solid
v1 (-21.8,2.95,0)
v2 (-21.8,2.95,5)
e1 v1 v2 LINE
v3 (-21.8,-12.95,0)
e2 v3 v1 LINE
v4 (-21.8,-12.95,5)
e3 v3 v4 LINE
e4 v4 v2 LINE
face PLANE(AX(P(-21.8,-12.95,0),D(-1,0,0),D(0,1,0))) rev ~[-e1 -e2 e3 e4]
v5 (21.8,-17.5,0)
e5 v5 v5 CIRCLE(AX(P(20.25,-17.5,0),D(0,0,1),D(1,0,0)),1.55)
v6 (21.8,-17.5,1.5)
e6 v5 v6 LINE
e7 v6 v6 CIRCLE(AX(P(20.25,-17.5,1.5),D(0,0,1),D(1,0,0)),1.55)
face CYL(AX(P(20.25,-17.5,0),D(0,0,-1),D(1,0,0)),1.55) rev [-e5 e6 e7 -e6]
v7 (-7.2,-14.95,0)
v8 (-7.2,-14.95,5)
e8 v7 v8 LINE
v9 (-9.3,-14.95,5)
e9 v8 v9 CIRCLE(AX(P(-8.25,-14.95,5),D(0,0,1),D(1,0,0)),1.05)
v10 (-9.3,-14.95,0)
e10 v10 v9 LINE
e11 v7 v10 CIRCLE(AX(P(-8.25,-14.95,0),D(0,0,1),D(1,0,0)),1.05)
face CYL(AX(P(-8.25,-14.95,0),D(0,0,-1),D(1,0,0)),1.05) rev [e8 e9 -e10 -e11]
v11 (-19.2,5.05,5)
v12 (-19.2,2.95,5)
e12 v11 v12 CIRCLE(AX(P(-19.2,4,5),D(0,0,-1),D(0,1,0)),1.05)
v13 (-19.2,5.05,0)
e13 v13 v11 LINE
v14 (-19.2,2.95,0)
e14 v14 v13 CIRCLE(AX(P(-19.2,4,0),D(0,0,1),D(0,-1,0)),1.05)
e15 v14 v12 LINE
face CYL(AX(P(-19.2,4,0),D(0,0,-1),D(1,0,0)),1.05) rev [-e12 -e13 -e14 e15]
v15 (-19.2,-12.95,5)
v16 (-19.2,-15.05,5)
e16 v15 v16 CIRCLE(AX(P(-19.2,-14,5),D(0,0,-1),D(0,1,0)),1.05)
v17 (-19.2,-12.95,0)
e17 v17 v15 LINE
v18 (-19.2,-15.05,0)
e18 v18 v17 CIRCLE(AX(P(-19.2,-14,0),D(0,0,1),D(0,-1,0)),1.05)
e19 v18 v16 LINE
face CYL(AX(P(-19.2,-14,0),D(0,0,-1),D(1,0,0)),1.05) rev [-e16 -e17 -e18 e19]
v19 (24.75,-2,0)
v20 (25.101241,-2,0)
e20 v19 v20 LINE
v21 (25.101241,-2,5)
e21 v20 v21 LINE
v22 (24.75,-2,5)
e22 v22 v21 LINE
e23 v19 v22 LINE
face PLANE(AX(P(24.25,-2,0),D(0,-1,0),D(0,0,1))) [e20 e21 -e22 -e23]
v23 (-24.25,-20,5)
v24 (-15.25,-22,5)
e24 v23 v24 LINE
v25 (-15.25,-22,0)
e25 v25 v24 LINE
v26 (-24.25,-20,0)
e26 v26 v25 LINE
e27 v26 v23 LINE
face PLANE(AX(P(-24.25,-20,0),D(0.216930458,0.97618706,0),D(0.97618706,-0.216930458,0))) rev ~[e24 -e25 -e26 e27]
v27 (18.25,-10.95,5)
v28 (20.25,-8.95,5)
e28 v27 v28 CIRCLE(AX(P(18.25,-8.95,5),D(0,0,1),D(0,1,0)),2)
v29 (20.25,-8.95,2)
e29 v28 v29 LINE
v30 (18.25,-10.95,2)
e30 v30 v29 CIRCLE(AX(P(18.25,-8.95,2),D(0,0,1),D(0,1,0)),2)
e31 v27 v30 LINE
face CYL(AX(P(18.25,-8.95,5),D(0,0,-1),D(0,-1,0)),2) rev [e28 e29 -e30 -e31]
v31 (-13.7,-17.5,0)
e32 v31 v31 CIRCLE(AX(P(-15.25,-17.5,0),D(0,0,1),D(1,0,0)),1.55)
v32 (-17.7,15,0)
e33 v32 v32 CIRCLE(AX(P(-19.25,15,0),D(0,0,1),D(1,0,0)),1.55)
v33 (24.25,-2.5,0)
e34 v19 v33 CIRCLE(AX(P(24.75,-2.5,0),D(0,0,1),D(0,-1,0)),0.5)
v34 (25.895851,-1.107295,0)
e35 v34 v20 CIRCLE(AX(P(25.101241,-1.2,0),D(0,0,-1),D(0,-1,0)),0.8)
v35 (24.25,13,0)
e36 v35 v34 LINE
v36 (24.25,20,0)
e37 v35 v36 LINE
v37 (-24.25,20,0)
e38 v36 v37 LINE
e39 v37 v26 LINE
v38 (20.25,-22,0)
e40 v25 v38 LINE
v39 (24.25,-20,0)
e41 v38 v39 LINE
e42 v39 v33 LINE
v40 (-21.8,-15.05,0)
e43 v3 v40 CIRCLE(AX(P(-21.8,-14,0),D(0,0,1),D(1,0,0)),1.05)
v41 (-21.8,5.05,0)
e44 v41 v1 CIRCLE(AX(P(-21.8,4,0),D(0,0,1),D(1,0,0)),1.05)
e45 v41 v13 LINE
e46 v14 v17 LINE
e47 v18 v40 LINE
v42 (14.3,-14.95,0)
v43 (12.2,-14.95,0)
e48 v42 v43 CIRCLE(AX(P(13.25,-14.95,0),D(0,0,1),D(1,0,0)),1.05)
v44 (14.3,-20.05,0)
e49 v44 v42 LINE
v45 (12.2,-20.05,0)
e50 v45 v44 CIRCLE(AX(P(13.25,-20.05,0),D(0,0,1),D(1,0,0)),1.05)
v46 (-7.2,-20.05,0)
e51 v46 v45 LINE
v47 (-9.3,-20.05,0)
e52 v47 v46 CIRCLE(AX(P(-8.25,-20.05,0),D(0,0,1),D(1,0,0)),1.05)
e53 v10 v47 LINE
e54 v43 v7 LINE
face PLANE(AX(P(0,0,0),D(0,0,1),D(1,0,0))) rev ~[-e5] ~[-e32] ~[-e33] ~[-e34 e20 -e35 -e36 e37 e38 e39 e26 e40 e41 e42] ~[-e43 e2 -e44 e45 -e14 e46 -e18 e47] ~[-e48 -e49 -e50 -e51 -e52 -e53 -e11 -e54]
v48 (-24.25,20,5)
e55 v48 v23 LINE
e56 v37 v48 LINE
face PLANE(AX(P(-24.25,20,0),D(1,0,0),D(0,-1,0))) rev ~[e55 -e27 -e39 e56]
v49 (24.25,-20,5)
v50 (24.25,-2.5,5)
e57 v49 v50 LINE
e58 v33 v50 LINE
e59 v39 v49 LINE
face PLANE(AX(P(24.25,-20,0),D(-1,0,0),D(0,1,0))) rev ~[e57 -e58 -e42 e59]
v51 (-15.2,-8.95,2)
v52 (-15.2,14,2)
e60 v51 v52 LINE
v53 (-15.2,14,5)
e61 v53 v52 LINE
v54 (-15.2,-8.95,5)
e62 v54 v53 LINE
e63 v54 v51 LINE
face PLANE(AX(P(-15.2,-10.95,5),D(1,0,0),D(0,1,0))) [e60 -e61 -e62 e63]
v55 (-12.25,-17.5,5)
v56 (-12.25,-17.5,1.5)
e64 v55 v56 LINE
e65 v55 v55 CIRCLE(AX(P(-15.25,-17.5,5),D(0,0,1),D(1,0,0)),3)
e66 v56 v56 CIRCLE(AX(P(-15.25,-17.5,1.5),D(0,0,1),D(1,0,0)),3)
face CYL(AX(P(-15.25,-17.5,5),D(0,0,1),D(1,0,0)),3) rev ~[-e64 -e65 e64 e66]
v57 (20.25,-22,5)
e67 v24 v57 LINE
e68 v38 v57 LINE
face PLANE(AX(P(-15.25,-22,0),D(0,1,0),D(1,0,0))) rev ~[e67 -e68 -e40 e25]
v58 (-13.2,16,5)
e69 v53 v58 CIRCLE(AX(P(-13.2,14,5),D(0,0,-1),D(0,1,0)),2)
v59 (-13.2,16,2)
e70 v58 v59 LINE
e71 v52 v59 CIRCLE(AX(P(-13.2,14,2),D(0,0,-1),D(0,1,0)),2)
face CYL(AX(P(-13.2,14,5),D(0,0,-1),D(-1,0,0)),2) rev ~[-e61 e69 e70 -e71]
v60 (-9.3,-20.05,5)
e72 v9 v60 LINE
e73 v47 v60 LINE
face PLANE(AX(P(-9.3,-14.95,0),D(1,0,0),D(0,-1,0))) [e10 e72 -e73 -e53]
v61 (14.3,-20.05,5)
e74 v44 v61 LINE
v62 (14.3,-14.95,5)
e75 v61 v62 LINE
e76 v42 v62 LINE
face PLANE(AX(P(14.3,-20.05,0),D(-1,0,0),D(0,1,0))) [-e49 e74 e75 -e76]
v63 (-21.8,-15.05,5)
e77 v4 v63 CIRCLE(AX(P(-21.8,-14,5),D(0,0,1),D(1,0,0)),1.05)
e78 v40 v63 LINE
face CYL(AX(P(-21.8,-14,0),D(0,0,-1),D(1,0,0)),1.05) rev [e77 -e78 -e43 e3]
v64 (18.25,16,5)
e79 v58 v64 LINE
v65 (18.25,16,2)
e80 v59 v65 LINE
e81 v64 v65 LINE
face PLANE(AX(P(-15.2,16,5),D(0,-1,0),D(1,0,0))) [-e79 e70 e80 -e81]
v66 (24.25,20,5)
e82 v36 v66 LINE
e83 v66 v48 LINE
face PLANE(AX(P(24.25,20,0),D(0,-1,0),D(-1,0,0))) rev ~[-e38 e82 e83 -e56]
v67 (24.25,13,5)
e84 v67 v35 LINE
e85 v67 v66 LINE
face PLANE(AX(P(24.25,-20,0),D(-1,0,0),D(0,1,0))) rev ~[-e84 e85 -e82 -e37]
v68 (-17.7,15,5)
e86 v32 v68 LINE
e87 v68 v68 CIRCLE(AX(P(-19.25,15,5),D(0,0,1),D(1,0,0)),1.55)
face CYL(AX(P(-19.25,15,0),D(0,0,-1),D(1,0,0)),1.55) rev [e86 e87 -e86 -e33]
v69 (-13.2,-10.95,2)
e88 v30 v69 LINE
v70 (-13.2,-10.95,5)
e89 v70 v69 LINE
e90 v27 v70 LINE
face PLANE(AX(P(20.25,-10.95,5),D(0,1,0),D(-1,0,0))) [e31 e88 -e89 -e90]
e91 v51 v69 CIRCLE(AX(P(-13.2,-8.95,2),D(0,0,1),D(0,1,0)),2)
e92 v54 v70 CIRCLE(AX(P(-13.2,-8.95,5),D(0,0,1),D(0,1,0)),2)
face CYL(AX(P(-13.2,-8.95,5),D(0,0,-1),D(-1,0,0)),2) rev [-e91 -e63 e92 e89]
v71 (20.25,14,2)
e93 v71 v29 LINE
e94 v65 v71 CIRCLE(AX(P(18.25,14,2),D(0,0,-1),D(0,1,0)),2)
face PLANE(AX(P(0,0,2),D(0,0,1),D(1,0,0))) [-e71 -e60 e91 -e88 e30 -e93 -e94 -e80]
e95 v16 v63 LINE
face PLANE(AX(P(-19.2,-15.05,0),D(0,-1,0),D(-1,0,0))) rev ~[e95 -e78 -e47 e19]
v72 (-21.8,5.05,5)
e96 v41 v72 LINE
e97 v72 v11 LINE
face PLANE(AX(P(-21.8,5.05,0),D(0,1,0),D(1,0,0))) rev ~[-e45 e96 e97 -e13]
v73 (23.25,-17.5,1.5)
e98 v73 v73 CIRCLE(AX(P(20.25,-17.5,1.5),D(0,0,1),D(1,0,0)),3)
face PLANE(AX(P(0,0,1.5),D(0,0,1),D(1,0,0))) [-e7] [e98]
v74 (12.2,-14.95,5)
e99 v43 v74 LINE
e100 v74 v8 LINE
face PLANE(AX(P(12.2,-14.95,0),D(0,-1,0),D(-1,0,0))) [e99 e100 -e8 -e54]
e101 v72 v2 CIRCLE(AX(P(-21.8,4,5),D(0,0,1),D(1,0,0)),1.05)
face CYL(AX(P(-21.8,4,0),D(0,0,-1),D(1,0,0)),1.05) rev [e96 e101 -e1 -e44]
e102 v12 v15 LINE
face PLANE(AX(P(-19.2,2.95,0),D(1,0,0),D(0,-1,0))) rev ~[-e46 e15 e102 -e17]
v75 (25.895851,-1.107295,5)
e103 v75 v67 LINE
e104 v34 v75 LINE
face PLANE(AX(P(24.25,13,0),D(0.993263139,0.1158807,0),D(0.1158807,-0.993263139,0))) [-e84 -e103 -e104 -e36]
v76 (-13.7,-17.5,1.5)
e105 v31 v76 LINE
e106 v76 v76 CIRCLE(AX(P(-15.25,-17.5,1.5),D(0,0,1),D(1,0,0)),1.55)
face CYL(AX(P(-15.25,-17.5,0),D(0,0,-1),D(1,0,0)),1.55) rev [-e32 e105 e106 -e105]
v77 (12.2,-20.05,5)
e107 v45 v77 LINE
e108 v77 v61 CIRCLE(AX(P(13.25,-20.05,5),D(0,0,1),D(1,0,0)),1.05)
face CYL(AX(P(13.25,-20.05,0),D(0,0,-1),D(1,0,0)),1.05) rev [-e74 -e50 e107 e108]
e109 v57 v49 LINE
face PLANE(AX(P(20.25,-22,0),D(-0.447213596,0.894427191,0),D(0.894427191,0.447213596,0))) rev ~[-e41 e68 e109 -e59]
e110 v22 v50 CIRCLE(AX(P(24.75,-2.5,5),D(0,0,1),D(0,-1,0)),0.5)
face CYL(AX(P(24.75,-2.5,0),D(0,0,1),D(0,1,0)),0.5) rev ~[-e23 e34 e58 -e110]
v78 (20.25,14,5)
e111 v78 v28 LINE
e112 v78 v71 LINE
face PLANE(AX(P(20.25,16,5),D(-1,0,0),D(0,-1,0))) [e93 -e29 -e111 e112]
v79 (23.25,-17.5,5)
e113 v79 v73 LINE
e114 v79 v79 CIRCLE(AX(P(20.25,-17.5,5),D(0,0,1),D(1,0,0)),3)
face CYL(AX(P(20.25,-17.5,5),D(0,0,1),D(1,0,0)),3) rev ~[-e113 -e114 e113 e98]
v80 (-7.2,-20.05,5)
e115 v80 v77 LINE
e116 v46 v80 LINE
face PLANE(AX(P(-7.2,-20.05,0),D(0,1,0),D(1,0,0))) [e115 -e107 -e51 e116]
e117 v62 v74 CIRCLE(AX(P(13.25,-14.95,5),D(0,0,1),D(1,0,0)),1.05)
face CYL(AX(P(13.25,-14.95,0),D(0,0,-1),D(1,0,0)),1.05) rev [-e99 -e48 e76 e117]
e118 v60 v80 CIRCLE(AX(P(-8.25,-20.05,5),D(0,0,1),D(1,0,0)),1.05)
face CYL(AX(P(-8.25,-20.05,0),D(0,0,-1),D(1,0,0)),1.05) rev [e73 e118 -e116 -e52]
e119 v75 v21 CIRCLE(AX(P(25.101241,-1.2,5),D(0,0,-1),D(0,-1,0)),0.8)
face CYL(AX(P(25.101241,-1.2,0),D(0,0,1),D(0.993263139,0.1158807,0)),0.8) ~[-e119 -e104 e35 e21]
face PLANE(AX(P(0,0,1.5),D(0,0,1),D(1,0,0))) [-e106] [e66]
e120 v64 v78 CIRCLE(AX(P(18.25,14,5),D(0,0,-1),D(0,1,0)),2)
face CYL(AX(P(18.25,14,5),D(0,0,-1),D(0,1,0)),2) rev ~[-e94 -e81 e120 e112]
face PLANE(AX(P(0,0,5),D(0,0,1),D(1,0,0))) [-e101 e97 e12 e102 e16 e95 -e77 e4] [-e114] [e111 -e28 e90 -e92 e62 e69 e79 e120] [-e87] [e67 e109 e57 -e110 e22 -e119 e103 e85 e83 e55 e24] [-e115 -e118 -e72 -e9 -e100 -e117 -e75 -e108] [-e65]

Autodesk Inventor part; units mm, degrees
ref_plane "YZ Plane" through (0, 0, 0) normal (1, 0, 0) x (0, 1, 0)
ref_plane "XZ Plane" through (0, 0, 0) normal (0, 1, 0) x (-1, 0, 0)
ref_plane "XY Plane" through (0, 0, 0) normal (0, 0, 1) x (1, 0, 0)
sketch "スケッチ1" plane through (0, 0, 0) normal (0, 0, 1) x (1, 0, 0)
  line L0 (-24.25, -20) -> (24.25, -20) construction
  line L1 (24.25, -20) -> (24.25, 20)
  line L2 (24.25, 20) -> (-24.25, 20)
  line L3 (-24.25, 20) -> (-24.25, -20)
  line L4 (-24.25, -20) -> (24.25, 20) construction
  line L5 (24.25, -20) -> (-24.25, 20) construction
  circle A0 centre (-15.25, -17.5) radius 1.55
  circle A1 centre (20.25, -17.5) radius 1.55
  line L6 (-9.25, -15) -> (14.25, -15) construction
  line L7 (14.25, -15) -> (14.25, -20) construction
  line L8 (14.25, -20) -> (-9.25, -20) construction
  line L9 (-9.25, -20) -> (-9.25, -15) construction
  line L10 (-24.25, -20) -> (-15.25, -22)
  line L11 (-15.25, -22) -> (20.25, -22)
  line L12 (20.25, -22) -> (24.25, -20)
  line L13 (14.3, -14.95) -> (-9.3, -14.95)
  line L14 (-9.3, -14.95) -> (-9.3, -20.05)
  line L15 (-9.3, -20.05) -> (14.3, -20.05)
  line L16 (14.3, -20.05) -> (14.3, -14.95)
  circle A2 centre (-8.25, -14.95) radius 1.05
  circle A3 centre (-8.25, -20.05) radius 1.05
  circle A4 centre (13.25, -14.95) radius 1.05
  circle A5 centre (13.25, -20.05) radius 1.05
  circle A6 centre (-19.25, 15) radius 1.55
  line L17 (-21.8, 5.05) -> (-19.2, 5.05)
  line L18 (-19.2, 5.05) -> (-19.2, -15.05)
  line L19 (-19.2, -15.05) -> (-21.8, -15.05)
  line L20 (-21.8, -15.05) -> (-21.8, 5.05)
  line L21 (-19.25, 5) -> (-21.75, 5) construction
  line L22 (-21.75, 5) -> (-21.75, -15) construction
  line L23 (-21.75, -15) -> (-19.25, -15) construction
  line L24 (-19.25, -15) -> (-19.25, 5) construction
  line L25 (2.5, -14.95) -> (2.5, -20.05) construction
  circle A7 centre (-21.8, 4) radius 1.05
  circle A8 centre (-19.2, 4) radius 1.05
  circle A9 centre (-21.8, -14) radius 1.05
  circle A10 centre (-19.2, -14) radius 1.05
  point P0 (0, 0)
  point P1 (0, 0)
  point P2 (-9.25, -17.5)
  dimension "d8" = 2.1
  dimension "d22" = 2.1
  dimension "d1" = 5
  dimension "d2" = 3.1
  dimension "d3" = 35.5
  dimension "d4" = 2
  dimension "d5" = 40
  dimension "d6" = 23.5
  dimension "d7" = 0.05
  dimension "d9" = 3.1
  dimension "d10" = 5
  dimension "d11" = 5
  dimension "d12" = 0.05
  dimension "d13" = 17.75
  dimension "d14" = 48.5
  dimension "d15" = 4
  dimension "d18" = 2.5
  dimension "d19" = 2.5
  dimension "d20" = 5
  dimension "d21" = 15
  dimension "d23" = 25
extrude "押し出し1" add sketch "スケッチ1" along normal blind 5
sketch "スケッチ3" plane through (0, 0, 5) normal (0, 0, 1) x (1, 0, 0)
  line L0 (-15.2, 16) -> (20.25, 16)
  line L1 (20.25, 16) -> (20.25, -10.95)
  line L2 (20.25, -10.95) -> (-15.2, -10.95)
  line L3 (-15.2, -10.95) -> (-15.2, 16)
  line L4 (24.25, -20) -> (24.25, 20) projected
  line L5 (24.25, 20) -> (-24.25, 20) projected
  line L6 (-7.2, -14.95) -> (12.2, -14.95) projected
  line L7 (-19.2, 2.95) -> (-19.2, -12.95) projected
  point P0 (0, 0)
  dimension "d26" = 4
  dimension "d27" = 4
  dimension "d28" = 4
  dimension "d29" = 4
extrude "押し出し2" cut sketch "スケッチ3" against normal blind 3
sketch "スケッチ4" plane through (0, 0, 5) normal (0, 0, 1) x (1, 0, 0)
  circle A0 centre (-15.25, -17.5) radius 3
  circle A1 centre (20.25, -17.5) radius 3
  circle A2 centre (-15.25, -17.5) radius 1.55 projected
  circle A3 centre (20.25, -17.5) radius 1.55 projected
  point P0 (0, 0)
  dimension "d32" = 6
  dimension "d33" = 6
extrude "押し出し3" cut sketch "スケッチ4" against normal blind 3.5
fillet "フィレット1" radius 2 4 edges at (-15.2, 16, 3.5) (-15.2, -10.95, 3.5) (20.25, -10.95, 3.5) (20.25, 16, 3.5)
sketch "スケッチ10" plane through (24.25, -20, 0) normal (1, 0, 0) x (0, 0, -1)
  line L0 (-5, 40) -> (-5, 0) projected
  line L1 (-5, 33) -> (0, 33)
  line L2 (0, 33) -> (0, 18)
  line L3 (0, 18) -> (-5, 18)
  line L4 (-5, 18) -> (-5, 33)
  line L5 (0, 40) -> (-5, 40) projected
  point P0 (0, 20)
  dimension "d52" = 5
  dimension "d53" = 15
  dimension "d54" = 7
extrude "押し出し9" add sketch "スケッチ10" along normal blind 1.75
sketch "スケッチ11" plane through (0, 0, 0) normal (0, 0, -1) x (-1, 0, 0)
  line L0 (-24.25, -2) -> (-26, -2) projected
  line L1 (-26, -2) -> (-26, 13)
  line L2 (-24.25, 13) -> (-24.25, 20) projected
  line L3 (-26, 13) -> (-24.25, 13)
  line L4 (-26, -2) -> (-26, 13) projected
  line L5 (-24.25, 13) -> (-26, -2)
  point P0 (0, 0)
extrude "押し出し10" cut sketch "スケッチ11" against normal through all
fillet "フィレット2" radius 0.8 1 edges at (26, -2, 2.5)
fillet "フィレット3" radius 0.5 1 edges at (24.25, -2, 2.5)
equation "\"d11\" = d10"
equation "\"d13\" = 0.5 * d3"
equation "\"d27\" = d26"
equation "\"d28\" = d26"
equation "\"d29\" = d26"
properties part number "コックピット_サブフレーム_1_5_MIR" material "アセタール樹脂、黒"
